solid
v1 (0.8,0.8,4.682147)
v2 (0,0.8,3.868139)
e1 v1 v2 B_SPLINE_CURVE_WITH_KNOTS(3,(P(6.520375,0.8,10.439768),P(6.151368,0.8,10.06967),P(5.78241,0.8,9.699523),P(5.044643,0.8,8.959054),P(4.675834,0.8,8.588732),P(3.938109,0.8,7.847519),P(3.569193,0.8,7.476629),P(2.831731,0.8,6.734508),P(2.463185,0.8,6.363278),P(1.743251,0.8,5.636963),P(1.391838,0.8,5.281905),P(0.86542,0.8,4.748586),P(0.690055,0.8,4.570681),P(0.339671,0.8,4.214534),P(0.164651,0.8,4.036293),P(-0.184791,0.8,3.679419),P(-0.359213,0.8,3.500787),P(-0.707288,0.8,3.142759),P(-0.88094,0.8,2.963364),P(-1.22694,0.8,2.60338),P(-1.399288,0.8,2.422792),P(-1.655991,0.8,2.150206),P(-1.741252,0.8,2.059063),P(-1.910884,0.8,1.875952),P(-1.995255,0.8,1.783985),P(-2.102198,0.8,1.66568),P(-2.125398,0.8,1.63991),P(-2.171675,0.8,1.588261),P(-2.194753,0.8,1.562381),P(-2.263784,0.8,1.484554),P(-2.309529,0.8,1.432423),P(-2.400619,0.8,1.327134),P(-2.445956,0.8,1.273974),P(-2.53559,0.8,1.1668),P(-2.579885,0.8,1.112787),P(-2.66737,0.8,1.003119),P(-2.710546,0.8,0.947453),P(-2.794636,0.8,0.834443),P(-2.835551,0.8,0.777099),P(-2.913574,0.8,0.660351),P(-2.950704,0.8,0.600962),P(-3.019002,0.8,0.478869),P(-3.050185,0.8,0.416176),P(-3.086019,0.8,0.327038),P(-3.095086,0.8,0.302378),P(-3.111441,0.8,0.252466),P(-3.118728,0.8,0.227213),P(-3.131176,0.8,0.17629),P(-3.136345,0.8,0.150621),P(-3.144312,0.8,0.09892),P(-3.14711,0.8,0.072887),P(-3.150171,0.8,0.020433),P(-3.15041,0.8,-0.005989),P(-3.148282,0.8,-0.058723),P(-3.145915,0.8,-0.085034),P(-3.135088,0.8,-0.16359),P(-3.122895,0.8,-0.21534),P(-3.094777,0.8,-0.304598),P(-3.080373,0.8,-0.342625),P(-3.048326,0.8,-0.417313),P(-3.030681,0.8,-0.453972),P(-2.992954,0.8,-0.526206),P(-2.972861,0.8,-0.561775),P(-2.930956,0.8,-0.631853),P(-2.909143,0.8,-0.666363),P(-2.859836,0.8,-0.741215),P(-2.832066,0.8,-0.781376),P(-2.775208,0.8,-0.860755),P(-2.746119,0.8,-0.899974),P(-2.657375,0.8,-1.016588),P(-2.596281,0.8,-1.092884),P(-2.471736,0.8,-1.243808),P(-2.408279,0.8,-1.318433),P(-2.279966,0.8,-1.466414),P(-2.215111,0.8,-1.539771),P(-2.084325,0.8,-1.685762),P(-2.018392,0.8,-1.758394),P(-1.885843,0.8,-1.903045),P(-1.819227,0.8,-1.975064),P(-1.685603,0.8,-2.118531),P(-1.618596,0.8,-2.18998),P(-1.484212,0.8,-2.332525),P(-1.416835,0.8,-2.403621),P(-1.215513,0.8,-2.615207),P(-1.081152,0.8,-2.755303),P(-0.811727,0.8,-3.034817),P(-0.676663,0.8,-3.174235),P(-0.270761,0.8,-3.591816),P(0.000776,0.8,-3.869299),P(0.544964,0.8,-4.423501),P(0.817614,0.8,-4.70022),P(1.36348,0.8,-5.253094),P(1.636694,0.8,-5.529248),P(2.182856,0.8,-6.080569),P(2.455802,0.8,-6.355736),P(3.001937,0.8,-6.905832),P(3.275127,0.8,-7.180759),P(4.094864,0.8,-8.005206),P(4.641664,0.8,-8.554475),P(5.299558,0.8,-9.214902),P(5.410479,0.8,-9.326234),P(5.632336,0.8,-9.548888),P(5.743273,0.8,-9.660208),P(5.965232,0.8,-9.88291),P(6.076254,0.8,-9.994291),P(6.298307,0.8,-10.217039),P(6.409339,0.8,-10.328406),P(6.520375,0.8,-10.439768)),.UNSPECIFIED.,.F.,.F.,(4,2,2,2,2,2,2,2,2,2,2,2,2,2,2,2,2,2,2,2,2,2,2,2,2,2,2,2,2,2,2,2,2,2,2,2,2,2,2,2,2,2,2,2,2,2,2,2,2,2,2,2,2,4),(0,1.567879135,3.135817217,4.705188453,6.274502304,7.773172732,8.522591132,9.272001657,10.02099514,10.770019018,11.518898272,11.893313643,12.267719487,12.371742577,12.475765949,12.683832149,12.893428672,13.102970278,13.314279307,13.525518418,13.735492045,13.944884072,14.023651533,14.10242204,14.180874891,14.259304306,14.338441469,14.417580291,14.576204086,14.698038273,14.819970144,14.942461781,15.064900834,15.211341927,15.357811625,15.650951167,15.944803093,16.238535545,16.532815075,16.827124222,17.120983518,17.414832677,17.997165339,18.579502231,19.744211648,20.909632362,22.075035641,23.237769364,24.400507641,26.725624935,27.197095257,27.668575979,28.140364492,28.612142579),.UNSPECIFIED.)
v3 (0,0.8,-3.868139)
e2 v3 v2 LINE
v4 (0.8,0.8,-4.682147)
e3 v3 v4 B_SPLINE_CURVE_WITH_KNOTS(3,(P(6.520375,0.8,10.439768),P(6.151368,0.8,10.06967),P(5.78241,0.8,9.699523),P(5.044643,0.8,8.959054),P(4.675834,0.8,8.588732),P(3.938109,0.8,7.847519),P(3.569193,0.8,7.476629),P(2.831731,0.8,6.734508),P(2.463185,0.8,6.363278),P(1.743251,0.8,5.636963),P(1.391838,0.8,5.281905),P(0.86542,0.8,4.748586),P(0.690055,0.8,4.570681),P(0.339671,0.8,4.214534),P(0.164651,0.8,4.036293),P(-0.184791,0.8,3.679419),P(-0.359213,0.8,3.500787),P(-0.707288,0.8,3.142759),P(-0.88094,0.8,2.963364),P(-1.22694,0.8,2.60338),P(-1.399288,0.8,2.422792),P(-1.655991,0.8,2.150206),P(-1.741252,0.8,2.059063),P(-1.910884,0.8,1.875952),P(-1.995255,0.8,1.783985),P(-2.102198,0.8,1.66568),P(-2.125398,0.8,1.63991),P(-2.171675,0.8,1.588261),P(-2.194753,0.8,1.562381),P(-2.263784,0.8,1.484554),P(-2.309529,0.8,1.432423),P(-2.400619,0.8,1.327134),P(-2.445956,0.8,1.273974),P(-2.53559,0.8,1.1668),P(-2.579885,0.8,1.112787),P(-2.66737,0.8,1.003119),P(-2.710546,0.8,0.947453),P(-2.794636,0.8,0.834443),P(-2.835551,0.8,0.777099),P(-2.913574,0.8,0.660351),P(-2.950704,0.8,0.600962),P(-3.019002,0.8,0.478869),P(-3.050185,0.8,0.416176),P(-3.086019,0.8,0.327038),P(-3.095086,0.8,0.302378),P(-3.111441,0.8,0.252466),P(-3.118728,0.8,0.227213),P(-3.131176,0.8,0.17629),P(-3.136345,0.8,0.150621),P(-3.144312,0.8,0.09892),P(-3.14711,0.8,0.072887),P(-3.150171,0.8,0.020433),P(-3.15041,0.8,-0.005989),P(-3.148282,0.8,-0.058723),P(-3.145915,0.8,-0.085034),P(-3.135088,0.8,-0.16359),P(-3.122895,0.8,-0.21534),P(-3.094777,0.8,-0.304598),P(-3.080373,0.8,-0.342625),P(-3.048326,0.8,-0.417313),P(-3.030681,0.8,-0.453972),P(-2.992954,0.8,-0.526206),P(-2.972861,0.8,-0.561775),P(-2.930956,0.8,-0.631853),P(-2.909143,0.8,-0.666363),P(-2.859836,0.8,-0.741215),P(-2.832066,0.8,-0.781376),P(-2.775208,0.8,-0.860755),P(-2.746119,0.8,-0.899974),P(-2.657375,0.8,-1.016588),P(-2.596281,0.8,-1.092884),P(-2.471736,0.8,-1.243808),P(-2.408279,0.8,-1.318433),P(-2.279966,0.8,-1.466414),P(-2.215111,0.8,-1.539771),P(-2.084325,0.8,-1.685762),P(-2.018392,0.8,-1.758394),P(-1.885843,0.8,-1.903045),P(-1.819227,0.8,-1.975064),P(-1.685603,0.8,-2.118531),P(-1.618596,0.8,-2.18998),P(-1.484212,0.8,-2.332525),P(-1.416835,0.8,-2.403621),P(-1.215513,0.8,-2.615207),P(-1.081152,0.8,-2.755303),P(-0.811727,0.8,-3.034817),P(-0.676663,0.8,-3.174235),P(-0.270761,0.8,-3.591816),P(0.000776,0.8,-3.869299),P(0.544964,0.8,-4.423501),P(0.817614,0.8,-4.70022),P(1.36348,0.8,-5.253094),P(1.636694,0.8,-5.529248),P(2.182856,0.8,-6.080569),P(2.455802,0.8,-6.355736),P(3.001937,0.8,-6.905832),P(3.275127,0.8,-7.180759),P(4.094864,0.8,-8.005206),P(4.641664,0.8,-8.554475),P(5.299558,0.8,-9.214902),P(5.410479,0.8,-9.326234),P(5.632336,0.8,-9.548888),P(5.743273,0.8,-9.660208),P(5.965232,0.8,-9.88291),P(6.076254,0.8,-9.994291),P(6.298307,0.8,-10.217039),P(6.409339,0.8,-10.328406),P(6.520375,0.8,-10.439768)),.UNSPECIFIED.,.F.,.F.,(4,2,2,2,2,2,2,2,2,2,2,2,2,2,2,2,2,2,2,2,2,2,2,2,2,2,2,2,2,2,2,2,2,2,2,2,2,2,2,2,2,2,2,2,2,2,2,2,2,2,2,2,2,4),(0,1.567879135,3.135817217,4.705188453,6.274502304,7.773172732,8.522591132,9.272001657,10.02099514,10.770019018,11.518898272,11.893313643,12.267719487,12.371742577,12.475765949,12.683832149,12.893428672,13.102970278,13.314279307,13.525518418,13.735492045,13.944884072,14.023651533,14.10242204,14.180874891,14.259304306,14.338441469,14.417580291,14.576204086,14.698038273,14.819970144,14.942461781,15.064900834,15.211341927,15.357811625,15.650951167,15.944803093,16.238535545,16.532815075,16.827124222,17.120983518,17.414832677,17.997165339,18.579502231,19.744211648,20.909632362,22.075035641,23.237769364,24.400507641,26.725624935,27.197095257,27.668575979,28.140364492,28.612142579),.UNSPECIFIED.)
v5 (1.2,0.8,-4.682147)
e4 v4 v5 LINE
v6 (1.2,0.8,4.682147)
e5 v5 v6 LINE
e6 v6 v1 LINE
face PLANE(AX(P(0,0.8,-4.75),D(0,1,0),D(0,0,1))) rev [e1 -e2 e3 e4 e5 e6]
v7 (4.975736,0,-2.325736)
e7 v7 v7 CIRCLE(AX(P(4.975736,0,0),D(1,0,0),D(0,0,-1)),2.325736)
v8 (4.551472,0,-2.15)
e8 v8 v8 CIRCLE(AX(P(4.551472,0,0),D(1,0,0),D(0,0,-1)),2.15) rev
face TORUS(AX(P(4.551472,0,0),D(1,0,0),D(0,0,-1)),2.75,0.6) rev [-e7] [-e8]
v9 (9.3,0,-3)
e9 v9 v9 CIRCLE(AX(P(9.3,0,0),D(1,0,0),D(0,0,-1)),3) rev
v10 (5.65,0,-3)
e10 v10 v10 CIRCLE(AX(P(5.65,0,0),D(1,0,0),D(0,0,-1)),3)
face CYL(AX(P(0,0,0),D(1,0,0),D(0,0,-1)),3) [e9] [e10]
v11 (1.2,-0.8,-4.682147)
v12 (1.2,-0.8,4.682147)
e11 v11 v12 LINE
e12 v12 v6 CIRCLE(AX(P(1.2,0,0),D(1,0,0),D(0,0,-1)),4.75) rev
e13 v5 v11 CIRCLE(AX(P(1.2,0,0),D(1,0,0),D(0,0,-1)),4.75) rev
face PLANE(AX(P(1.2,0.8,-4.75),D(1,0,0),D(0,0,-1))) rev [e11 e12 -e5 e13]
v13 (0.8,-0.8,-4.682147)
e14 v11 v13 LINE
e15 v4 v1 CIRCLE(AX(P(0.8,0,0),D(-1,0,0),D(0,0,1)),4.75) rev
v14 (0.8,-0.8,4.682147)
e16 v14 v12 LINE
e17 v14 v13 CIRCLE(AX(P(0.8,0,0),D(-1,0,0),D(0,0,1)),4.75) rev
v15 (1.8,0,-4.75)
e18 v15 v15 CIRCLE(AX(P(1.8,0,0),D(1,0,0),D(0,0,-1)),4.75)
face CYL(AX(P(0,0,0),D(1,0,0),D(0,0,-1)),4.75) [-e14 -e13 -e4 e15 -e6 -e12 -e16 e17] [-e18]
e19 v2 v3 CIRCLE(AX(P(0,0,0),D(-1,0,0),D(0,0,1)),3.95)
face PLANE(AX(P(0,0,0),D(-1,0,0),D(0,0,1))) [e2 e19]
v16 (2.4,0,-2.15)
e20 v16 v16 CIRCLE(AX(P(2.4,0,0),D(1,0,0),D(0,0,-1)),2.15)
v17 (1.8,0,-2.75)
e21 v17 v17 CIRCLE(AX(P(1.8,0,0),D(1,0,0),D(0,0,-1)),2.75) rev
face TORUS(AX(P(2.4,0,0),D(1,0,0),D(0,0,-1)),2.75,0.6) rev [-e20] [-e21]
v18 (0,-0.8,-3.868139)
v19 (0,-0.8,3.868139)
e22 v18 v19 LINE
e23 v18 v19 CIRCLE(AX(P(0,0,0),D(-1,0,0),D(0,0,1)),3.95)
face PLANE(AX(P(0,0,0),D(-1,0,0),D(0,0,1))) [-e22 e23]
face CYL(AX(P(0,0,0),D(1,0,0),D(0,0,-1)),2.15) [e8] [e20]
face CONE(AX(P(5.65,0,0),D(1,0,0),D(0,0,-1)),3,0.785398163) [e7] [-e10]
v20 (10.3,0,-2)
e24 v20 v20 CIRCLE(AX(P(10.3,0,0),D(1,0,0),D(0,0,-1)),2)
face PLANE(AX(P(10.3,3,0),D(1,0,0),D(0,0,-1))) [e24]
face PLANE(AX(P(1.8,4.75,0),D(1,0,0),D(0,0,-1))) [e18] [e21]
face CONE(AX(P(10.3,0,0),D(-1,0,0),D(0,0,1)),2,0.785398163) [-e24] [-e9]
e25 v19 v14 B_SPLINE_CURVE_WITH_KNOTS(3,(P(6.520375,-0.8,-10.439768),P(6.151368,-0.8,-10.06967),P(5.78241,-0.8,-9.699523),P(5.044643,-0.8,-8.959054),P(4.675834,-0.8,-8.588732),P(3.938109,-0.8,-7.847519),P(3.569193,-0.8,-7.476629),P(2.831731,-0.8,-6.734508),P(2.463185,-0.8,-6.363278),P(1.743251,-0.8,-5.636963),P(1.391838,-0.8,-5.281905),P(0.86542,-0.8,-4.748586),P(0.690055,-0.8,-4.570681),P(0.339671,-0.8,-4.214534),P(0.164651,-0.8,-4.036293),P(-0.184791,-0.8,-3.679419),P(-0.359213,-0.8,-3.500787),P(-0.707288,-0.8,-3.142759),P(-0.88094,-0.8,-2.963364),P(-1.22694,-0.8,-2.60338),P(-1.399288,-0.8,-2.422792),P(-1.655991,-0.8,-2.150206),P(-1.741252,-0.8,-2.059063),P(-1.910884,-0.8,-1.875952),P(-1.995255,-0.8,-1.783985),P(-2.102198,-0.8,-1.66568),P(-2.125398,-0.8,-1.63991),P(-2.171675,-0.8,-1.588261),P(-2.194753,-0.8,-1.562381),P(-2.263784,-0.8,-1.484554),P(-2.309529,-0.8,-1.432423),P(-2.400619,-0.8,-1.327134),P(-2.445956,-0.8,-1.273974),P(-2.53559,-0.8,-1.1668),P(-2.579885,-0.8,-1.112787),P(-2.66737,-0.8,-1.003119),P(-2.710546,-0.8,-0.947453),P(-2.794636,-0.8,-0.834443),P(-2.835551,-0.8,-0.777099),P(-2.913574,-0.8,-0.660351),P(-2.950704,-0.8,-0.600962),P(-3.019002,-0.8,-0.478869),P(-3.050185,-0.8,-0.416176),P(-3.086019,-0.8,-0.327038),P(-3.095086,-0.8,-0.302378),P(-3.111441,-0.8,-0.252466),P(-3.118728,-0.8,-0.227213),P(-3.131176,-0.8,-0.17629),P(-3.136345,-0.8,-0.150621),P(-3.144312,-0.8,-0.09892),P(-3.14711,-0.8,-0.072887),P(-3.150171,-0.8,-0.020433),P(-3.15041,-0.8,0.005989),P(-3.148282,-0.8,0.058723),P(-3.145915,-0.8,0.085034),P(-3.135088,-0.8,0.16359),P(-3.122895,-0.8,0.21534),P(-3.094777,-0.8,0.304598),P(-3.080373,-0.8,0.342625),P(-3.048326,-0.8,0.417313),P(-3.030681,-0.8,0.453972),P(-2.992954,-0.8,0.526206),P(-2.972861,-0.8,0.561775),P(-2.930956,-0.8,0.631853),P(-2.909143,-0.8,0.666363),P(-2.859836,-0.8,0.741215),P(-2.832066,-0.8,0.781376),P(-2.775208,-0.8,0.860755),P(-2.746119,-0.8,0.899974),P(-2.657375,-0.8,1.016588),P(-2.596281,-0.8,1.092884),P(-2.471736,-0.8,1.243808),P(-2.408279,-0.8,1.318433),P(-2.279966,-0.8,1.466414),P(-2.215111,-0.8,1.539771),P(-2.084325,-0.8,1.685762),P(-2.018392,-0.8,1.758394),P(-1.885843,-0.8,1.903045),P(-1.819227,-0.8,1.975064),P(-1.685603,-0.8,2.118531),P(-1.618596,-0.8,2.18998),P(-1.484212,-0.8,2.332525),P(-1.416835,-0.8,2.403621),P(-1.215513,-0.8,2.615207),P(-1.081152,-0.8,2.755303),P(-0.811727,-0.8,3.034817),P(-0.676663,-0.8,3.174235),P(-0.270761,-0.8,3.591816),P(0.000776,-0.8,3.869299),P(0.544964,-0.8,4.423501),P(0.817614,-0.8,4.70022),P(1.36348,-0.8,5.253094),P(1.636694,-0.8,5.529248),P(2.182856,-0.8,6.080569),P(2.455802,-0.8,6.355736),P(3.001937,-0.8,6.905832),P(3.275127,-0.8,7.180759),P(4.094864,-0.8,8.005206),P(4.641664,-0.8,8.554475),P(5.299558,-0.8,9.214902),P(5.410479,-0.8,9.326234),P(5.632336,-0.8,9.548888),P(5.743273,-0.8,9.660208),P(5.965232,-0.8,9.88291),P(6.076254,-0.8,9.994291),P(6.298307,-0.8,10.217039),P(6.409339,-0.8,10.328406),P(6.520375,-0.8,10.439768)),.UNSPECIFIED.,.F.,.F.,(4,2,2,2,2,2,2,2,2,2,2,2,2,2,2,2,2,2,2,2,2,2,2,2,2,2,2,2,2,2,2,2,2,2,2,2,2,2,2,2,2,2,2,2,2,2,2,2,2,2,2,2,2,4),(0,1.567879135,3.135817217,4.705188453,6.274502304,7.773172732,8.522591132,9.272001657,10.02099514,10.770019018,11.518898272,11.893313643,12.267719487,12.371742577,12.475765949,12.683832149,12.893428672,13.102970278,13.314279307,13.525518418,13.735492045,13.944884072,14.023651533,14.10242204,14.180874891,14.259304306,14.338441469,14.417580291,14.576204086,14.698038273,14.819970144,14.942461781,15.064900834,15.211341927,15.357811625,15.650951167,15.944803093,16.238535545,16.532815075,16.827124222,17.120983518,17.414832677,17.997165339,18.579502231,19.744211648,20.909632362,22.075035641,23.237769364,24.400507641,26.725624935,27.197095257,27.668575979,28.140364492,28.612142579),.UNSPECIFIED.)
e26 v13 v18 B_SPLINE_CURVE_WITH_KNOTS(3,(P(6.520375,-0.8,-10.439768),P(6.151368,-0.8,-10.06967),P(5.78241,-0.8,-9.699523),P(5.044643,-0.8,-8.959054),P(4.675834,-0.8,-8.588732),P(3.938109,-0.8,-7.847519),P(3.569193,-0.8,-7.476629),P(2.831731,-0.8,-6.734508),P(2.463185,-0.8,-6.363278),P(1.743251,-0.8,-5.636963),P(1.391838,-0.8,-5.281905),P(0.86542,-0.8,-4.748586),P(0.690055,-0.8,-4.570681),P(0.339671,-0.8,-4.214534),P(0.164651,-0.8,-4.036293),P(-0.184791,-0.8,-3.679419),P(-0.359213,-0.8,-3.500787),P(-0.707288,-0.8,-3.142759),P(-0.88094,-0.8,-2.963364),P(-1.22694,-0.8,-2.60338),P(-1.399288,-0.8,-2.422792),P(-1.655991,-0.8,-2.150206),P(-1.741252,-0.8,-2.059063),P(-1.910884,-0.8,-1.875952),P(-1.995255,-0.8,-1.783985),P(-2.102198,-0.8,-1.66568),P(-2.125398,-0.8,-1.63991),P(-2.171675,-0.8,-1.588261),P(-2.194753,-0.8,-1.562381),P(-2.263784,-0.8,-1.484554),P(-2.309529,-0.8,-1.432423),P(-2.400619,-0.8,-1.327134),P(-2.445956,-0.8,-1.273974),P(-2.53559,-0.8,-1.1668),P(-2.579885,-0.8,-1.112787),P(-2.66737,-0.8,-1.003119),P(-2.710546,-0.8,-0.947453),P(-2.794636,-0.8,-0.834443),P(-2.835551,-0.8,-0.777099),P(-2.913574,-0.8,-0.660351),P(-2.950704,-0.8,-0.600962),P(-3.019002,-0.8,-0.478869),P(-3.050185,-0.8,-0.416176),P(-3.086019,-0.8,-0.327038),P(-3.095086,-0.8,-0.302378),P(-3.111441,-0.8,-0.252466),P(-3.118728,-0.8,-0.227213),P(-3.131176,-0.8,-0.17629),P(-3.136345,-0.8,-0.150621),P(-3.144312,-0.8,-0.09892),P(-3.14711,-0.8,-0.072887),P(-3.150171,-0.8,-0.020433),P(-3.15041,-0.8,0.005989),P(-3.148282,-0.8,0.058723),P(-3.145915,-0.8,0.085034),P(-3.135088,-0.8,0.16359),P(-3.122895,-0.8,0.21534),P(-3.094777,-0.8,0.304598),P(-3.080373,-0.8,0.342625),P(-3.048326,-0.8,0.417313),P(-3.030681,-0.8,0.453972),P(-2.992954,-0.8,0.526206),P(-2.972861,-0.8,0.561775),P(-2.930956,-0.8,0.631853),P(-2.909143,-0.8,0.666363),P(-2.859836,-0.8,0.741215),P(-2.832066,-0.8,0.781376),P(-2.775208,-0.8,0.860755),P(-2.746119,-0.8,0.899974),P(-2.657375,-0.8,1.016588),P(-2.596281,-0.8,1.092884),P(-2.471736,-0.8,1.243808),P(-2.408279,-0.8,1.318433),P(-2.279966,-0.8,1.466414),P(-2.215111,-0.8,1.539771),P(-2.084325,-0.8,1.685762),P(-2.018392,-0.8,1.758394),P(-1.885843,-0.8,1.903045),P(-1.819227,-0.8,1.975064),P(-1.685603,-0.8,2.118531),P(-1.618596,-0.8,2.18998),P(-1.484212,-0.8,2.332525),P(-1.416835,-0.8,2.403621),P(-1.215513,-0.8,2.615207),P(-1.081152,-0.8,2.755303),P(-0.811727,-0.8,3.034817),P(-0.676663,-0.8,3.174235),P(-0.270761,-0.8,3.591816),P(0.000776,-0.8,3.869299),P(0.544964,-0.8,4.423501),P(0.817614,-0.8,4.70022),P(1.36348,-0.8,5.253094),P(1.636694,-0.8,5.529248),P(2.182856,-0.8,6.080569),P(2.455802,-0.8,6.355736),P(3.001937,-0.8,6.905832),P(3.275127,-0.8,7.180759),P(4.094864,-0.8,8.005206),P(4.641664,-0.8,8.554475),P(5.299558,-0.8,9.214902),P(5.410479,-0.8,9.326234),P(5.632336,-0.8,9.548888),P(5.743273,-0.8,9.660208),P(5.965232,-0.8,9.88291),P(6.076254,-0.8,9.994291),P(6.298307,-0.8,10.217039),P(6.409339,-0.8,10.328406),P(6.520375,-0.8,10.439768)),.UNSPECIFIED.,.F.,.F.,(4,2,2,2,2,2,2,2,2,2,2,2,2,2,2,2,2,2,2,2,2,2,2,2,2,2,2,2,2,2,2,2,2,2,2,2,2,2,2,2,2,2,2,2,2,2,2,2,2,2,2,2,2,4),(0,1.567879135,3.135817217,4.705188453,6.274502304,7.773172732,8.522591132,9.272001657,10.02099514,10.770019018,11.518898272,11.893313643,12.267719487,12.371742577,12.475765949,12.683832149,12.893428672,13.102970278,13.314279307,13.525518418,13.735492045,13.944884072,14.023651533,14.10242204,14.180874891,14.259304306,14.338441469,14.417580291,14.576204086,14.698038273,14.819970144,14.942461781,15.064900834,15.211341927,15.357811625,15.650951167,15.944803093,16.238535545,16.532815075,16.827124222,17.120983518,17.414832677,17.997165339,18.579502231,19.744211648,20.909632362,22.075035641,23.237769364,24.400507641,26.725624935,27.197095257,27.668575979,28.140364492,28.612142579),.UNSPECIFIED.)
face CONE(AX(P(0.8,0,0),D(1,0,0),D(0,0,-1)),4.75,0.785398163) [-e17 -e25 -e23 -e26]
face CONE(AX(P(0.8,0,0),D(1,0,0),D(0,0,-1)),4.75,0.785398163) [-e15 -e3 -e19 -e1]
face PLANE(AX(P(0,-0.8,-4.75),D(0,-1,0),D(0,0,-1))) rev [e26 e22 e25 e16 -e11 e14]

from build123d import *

# Parameters (mm, degrees)
CHAMFER_1_SIZE           = 1
FILLET_1_R               = 0.6
CHAMFER_2_SIZE           = 0.8
SKETCH_2_W               = 1.2
SKETCH_2_H               = 1.6
CUT_EXTRUDE_1_DEPTH      = 5.75
CUT_EXTRUDE_1_DEPTH_BACK = 5.75


with BuildPart() as part:
    # Эскиз1 → Повернуть1 (revolve)
    with BuildSketch(Plane.XY):
        Polygon((0, 0), (0, 4.75), (1.8, 4.75), (1.8, 2.15), (4.8, 2.15), (5.65, 3), (10.3, 3), (10.3, 0), align=None)
    revolve(axis=Axis((0, 0, 0), (-1, 0, 0)))

    # Фаска1
    chamfer_1_edges = [part.edges().sort_by_distance(p)[0] for p in [
        (10.3, -3, 0),
    ]]
    chamfer(chamfer_1_edges, length=CHAMFER_1_SIZE)

    # Скругление1
    fillet_1_edges = [part.edges().sort_by_distance(p)[0] for p in [
        (4.8, -2.15, 0),
        (1.8, -2.15, 0),
    ]]
    fillet(fillet_1_edges, radius=FILLET_1_R)

    # Фаска2
    chamfer_2_edges = [part.edges().sort_by_distance(p)[0] for p in [
        (0, -4.75, 0),
    ]]
    chamfer(chamfer_2_edges, length=CHAMFER_2_SIZE)

    # Эскиз2 → Вырез-Вытянуть1 (cut, two sides)
    with BuildSketch(Plane.XY) as cut_extrude_1_sk:
        with Locations((0.6, 0)):
            Rectangle(SKETCH_2_W, SKETCH_2_H)
    extrude(amount=CUT_EXTRUDE_1_DEPTH, mode=Mode.SUBTRACT)
    extrude(cut_extrude_1_sk.sketch, amount=-CUT_EXTRUDE_1_DEPTH_BACK, mode=Mode.SUBTRACT)


solid = part.part
